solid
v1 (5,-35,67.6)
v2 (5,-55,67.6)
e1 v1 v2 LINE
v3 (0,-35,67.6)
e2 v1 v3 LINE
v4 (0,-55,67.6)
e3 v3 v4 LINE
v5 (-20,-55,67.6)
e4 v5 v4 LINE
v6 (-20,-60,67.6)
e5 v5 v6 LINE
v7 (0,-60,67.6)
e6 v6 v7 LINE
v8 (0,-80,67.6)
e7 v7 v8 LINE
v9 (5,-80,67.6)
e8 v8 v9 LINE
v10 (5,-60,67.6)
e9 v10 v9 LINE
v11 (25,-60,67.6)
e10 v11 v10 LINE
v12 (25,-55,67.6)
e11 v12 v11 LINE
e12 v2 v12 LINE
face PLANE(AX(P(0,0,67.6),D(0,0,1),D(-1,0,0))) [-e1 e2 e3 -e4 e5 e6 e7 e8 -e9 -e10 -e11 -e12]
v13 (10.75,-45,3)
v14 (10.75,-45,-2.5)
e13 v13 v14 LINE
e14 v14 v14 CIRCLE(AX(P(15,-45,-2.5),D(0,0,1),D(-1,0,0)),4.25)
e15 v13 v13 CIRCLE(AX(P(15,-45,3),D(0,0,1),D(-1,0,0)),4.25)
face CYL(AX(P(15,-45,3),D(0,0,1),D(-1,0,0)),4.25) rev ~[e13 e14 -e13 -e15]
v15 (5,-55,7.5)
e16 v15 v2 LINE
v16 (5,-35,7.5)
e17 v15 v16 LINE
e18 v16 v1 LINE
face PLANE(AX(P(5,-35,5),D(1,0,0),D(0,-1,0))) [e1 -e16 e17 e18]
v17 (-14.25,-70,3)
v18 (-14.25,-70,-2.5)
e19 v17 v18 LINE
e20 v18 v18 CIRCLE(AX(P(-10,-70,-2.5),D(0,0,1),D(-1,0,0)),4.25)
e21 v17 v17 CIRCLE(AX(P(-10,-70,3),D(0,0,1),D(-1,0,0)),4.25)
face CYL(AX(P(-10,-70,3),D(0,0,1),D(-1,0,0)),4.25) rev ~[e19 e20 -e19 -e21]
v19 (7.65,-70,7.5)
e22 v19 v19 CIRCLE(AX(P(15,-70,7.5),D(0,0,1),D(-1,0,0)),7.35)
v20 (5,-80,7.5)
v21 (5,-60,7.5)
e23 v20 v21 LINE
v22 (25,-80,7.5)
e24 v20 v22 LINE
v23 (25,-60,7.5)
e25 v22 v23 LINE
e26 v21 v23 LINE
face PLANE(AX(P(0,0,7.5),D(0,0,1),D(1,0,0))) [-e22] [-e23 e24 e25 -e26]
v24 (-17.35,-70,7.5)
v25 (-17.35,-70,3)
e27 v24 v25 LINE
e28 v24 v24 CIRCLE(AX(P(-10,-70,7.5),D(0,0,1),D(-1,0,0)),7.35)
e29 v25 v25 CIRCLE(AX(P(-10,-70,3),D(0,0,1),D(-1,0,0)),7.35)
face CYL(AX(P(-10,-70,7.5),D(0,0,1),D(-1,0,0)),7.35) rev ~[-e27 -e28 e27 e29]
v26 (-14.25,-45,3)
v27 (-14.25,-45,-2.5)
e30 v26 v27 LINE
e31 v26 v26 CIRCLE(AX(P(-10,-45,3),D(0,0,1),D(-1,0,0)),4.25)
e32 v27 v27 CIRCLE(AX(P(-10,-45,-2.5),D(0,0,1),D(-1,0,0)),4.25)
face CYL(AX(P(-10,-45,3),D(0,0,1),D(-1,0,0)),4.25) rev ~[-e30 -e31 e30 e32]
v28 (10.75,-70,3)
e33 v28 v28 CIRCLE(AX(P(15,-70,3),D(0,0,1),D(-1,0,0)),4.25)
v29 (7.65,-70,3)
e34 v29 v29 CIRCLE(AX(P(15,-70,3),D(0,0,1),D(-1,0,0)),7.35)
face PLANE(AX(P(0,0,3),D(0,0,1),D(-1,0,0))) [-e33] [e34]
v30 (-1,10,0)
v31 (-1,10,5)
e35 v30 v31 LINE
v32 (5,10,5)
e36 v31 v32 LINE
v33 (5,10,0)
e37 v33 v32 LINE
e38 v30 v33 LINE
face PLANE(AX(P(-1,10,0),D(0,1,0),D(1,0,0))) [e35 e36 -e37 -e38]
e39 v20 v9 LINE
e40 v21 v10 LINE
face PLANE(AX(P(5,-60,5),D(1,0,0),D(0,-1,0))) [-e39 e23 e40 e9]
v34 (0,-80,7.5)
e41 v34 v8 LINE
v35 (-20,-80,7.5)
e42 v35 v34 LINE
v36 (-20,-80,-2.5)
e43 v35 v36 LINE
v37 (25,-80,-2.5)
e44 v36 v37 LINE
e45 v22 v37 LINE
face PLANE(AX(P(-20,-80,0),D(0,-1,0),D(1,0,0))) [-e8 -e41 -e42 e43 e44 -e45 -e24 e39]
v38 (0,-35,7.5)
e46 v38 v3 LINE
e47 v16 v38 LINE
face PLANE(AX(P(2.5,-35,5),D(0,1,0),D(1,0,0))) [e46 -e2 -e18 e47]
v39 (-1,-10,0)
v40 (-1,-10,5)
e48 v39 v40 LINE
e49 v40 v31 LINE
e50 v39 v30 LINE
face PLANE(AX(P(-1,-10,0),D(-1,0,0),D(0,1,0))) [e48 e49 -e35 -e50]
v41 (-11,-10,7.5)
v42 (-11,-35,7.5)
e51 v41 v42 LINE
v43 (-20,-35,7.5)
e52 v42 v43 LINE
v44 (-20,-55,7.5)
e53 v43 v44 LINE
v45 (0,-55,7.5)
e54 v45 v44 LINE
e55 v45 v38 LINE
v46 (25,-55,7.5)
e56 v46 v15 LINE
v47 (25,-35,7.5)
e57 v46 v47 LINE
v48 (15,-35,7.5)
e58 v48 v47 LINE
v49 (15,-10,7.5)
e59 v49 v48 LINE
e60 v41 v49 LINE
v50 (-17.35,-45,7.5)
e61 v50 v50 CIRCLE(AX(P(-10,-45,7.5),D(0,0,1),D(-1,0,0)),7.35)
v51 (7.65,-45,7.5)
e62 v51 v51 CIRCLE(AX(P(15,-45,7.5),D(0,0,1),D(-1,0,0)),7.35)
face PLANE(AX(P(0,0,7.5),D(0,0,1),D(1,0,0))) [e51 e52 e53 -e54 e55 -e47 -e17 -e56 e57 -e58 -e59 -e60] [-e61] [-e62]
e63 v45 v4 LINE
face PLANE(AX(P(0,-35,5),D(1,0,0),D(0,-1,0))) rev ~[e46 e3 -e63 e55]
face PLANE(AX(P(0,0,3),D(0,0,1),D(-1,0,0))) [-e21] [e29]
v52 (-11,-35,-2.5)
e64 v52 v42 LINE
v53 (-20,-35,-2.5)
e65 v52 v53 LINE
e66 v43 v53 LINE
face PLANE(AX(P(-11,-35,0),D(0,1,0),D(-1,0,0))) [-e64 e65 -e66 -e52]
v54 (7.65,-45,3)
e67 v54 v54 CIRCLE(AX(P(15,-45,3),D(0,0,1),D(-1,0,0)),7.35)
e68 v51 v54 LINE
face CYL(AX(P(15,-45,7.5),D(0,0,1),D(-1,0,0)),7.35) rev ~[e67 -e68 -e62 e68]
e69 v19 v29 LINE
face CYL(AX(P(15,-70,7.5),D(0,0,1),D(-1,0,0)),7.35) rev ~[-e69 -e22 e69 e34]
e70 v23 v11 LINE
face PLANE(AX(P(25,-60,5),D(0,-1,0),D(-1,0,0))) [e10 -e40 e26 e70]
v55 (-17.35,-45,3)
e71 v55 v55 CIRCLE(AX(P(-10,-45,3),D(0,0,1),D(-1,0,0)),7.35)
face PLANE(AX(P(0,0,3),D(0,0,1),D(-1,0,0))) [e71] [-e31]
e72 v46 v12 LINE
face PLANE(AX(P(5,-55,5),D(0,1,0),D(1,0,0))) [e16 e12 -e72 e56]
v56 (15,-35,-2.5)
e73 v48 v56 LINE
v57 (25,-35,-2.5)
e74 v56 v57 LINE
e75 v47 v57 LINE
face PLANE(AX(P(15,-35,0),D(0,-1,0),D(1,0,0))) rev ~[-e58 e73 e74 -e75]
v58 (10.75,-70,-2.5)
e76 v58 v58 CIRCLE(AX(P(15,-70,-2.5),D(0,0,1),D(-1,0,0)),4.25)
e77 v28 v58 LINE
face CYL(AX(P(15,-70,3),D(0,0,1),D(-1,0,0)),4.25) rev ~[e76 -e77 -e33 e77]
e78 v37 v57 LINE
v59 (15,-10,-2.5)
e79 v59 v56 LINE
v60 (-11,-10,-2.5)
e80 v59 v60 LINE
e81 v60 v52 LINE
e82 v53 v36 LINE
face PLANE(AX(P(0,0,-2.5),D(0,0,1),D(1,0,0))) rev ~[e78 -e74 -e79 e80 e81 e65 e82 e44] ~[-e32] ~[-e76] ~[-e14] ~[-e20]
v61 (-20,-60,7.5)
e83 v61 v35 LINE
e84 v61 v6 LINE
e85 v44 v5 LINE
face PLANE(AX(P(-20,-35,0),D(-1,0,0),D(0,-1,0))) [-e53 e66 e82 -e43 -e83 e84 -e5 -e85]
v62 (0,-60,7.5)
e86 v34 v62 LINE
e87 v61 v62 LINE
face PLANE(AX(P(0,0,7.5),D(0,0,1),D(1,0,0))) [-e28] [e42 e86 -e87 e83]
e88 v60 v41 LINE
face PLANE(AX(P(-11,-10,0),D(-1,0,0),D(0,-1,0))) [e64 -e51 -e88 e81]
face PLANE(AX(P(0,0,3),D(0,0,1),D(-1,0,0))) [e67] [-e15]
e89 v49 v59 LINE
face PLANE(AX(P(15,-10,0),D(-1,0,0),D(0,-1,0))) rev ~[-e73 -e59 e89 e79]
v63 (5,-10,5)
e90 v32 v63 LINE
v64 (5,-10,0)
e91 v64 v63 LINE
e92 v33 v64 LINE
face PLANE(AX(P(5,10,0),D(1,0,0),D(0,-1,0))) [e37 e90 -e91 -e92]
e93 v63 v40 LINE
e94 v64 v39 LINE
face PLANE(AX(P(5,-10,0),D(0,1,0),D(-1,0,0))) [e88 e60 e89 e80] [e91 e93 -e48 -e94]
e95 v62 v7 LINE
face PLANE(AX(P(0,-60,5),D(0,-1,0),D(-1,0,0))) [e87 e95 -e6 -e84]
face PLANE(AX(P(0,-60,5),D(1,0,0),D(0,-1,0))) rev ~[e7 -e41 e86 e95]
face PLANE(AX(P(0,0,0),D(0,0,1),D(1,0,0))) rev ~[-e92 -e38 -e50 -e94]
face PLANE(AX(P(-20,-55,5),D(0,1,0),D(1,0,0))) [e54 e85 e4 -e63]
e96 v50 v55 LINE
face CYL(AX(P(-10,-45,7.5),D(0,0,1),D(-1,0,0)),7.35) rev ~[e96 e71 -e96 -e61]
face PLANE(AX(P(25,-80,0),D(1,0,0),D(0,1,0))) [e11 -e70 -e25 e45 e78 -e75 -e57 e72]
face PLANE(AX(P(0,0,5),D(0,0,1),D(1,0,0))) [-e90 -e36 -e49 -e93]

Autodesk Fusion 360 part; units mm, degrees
sketch "Sketch1" plane through (0, 0, 0) normal (0, 0, 1) x (1, 0, 0)
  line L0 (-1, 10) -> (5, 10)
  line L1 (5, 10) -> (5, -10)
  line L2 (5, -10) -> (-1, -10)
  line L3 (-1, -10) -> (-1, 10)
  line L4 (-1, -10) -> (-11, -10)
  line L5 (5, -10) -> (15, -10)
  line L6 (-11, -10) -> (-11, -35)
  line L7 (15, -10) -> (15, -35)
  line L8 (-11, -35) -> (-20, -35)
  line L9 (-20, -35) -> (-20, -80)
  line L10 (15, -35) -> (25, -35)
  line L11 (-20, -80) -> (25, -80)
  line L12 (25, -80) -> (25, -35)
  dimension "d1" = 20
  dimension "d2" = 10
  dimension "d3" = 6
  dimension "d4" = 10
  dimension "d5" = 45
extrude "Extrude1" add sketch "Sketch1" along normal blind 5 contours L0 L1 L2 L3
sketch "Sketch2" plane through (0, 0, 5) normal (0, 0, 1) x (-1, 0, 0)
  line L0 (-5, 10) -> (-5, -10)
  line L1 (-5, -10) -> (1, -10)
  line L2 (1, -10) -> (1, 10)
  line L3 (-25, 55) -> (-25, 60)
  line L4 (-25, 60) -> (20, 60)
  line L5 (20, 55) -> (-25, 55)
  line L6 (-2.5, 35) -> (-5, 35)
  line L7 (-5, 35) -> (-5, 80)
  line L8 (-2.5, 35) -> (0, 35)
  line L9 (0, 35) -> (0, 80)
  line L10 (1, 10) -> (-5, 10)
  line L11 (-5, 80) -> (-2.5, 80)
  line L12 (0, 80) -> (-2.5, 80)
  line L13 (20, 60) -> (19.7373, 60)
  line L14 (20, 55) -> (20, 57.5)
  line L15 (20, 60) -> (20, 57.5)
extrude "Extrude2" add sketch "Sketch1" along normal blind 7.5 contours L2 L4 L5 L6 L7 L8 L9 L10 L11 L12
extrude "Extrude3" add sketch "Sketch1" against normal blind 2.5 contours L2 L4 L5 L6 L7 L8 L9 L10 L11 L12
extrude "Extrude4" add sketch "Sketch2" along normal blind 62.6 contours L3 L4 L5 L7 | L4 L5 L7 L9 | L5 L6 L7 L8 L9 | L4 L7 L9 L11 L12 | L4 L5 L9 L13 L14 L15
sketch "Sketch3" plane through (0, 0, 7.5) normal (0, 0, 1) x (-1, 0, 0)
  line L0 (20, 55) -> (0, 55)
  line L1 (0, 55) -> (0, 35)
  line L2 (0, 35) -> (-5, 35)
  line L3 (-5, 35) -> (-5, 55)
  line L4 (-5, 55) -> (-25, 55)
  line L5 (-25, 55) -> (-25, 35)
  line L6 (-25, 35) -> (-15, 35)
  line L7 (-15, 35) -> (-15, 10)
  line L8 (-15, 10) -> (11, 10)
  line L9 (11, 10) -> (11, 35)
  line L10 (11, 35) -> (20, 35)
  line L11 (20, 35) -> (20, 55)
  circle A0 centre (-15, 45) radius 7.35
  circle A1 centre (-15, 70) radius 7.35
  circle A2 centre (10, 70) radius 7.35
  circle A3 centre (10, 45) radius 7.35
  line L12 (0, 80) -> (0, 60)
  line L13 (0, 60) -> (20, 60)
  line L14 (-5, 60) -> (-5, 80)
  line L15 (-25, 60) -> (-5, 60)
  dimension "d15" = 10
  dimension "d16" = 10
  dimension "d17" = 10
  dimension "d18" = 10
  dimension "d19" = 10
  dimension "d20" = 10
  dimension "d21" = 10
  dimension "d22" = 10
  dimension "d23" = 14.7
  dimension "d24" = 14.7
  dimension "d25" = 14.7
  dimension "d26" = 14.7
extrude "Extrude5" cut sketch "Sketch3" against normal blind 4.5 contours A0 | A1 | A2 | A3
sketch "Sketch4" plane through (0, 0, 3) normal (0, 0, 1) x (-1, 0, 0)
  circle A0 centre (-15, 45) radius 7.35
  circle A1 centre (-15, 70) radius 4.25
  circle A2 centre (10, 70) radius 4.25
  circle A3 centre (10, 45) radius 4.25
  circle A4 centre (-15, 45) radius 4.25
  line L0 (0, 60) -> (20, 60)
  dimension "d29" = 10
  dimension "d30" = 8.5
  dimension "d31" = 8.5
  dimension "d32" = 8.5
  dimension "d33" = 8.5
extrude "Extrude6" cut sketch "Sketch4" against normal blind 6 contours A1 | A2 | A3 | A4
